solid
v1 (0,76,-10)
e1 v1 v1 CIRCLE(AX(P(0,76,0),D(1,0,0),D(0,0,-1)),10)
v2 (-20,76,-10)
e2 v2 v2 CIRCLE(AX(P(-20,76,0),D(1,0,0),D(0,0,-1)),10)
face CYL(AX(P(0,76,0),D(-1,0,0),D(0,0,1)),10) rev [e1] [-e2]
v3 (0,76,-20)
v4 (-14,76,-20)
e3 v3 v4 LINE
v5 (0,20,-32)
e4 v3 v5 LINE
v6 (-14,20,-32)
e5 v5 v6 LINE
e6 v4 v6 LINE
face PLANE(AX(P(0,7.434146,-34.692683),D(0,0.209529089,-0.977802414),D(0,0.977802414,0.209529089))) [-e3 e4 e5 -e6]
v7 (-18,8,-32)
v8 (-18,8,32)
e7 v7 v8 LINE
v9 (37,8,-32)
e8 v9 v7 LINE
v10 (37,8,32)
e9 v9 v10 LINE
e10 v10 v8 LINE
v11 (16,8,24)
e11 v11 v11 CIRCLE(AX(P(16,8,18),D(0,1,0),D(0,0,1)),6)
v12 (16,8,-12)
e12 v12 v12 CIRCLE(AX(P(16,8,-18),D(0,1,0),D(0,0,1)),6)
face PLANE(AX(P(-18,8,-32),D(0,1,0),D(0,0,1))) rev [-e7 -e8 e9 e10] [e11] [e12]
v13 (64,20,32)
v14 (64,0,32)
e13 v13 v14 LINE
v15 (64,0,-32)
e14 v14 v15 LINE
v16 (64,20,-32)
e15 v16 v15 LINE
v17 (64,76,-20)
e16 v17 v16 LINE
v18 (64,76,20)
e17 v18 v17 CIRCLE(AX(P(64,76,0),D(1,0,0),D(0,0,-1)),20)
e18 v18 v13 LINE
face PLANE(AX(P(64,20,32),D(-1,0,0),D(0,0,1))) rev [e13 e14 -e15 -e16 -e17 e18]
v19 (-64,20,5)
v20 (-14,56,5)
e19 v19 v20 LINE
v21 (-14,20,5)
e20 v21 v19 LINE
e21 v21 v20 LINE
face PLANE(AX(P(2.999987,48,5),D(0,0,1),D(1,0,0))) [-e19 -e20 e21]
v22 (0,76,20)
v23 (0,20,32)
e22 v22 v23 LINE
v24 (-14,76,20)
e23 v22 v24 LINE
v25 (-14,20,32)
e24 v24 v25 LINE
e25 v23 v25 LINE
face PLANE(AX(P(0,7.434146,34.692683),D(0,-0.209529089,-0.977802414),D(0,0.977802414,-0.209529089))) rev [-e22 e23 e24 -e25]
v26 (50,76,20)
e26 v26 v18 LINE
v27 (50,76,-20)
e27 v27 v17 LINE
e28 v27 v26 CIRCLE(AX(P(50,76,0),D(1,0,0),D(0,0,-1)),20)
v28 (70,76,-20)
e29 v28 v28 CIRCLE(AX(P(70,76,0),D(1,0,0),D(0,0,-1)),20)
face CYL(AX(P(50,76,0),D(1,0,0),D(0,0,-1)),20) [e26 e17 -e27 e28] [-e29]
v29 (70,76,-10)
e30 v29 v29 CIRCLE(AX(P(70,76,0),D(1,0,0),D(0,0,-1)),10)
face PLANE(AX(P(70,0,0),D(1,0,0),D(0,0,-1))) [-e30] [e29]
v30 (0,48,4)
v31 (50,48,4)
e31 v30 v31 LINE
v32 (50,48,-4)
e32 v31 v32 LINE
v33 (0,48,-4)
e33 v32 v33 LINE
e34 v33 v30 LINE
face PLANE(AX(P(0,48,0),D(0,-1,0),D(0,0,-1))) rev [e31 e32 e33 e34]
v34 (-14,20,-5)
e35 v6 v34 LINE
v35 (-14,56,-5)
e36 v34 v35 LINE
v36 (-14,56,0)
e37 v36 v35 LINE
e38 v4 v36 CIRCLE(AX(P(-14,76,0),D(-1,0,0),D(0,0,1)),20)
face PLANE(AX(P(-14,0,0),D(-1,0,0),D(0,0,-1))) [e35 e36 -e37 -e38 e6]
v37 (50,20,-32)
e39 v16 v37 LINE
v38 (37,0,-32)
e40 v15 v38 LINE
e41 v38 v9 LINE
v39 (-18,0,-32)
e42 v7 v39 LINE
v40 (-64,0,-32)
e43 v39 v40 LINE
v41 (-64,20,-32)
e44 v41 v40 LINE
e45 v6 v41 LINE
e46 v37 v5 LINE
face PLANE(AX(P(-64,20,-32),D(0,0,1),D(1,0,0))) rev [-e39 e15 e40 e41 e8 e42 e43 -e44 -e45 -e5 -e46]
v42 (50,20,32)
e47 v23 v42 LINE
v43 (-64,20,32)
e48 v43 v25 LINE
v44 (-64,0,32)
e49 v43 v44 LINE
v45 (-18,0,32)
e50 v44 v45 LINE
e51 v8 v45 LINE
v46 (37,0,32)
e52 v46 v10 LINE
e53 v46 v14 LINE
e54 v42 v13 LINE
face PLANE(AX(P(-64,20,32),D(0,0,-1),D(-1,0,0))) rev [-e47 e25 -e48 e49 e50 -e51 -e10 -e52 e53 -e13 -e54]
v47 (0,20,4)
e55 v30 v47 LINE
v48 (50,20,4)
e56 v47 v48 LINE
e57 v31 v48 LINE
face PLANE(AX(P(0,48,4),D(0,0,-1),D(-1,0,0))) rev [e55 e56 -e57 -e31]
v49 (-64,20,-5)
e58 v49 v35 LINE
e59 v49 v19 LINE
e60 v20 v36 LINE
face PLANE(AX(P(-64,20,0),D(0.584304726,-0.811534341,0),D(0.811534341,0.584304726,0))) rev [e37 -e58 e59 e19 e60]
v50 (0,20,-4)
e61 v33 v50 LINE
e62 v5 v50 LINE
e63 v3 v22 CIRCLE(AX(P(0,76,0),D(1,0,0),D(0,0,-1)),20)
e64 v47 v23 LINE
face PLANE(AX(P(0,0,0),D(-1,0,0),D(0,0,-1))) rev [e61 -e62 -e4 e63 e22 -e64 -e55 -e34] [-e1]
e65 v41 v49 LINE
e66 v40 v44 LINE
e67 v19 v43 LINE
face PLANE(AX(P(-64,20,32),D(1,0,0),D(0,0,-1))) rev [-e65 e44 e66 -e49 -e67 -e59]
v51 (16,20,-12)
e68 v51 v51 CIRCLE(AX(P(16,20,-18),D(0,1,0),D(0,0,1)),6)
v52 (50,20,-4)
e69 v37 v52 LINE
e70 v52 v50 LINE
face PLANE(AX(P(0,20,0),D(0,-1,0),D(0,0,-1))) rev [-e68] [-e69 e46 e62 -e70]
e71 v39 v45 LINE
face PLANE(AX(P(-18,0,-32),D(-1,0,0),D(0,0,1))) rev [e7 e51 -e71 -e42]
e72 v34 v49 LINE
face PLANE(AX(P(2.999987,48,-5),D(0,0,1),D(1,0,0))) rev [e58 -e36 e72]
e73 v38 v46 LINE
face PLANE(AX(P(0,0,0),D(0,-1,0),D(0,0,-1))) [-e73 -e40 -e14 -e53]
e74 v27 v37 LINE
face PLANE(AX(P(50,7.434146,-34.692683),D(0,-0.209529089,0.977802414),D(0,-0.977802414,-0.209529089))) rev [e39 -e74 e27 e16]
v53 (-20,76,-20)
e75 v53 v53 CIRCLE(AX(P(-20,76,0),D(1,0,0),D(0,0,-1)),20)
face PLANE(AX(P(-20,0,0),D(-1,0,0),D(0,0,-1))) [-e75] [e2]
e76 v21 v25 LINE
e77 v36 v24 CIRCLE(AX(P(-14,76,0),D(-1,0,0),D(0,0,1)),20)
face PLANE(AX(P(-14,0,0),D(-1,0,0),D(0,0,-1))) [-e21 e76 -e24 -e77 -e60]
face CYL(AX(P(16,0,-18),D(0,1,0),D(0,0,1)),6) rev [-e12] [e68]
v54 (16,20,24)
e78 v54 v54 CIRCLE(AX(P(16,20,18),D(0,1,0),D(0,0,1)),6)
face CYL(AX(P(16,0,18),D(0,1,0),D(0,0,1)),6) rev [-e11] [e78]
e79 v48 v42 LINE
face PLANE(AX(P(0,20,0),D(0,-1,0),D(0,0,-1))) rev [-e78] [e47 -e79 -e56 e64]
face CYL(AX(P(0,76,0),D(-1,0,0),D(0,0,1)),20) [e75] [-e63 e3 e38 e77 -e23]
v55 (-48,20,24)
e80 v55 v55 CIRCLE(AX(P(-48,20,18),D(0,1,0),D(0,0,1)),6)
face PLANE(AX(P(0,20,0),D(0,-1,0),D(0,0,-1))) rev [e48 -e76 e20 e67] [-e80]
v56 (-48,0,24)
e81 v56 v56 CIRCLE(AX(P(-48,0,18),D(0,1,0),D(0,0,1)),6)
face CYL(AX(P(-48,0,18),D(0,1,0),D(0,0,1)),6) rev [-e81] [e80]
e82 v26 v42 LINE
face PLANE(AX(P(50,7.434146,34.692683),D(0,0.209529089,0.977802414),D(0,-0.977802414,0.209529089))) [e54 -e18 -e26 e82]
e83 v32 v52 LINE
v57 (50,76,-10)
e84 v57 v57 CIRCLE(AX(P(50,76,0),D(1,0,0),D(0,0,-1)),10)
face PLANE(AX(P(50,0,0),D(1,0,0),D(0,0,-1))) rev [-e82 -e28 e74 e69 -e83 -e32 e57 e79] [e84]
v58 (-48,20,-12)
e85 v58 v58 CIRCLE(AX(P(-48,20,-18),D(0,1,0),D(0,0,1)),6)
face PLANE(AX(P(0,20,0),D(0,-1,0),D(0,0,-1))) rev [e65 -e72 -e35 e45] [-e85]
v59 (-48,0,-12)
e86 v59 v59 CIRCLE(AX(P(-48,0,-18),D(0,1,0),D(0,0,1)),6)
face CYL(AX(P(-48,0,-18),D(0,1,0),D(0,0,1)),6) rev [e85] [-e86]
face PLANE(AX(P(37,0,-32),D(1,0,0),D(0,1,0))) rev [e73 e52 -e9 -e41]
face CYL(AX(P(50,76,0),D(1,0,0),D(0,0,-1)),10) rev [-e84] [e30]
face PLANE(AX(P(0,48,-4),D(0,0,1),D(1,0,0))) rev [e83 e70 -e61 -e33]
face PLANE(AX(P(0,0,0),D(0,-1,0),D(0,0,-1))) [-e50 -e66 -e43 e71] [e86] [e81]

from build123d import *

# Parameters (mm, degrees)
SKETCH1_W           = 128
SKETCH1_H           = 64
BOSS_EXTRUDE1_DEPTH = 20
SKETCH2_W           = 55
SKETCH2_H           = 8
CUT_EXTRUDE1_DEPTH  = 93.69304181
SKETCH4_R           = 10
BOSS_EXTRUDE3_DEPTH = 14
BOSS_EXTRUDE4_START = 6
SKETCH4_3_R         = 10
BOSS_EXTRUDE4_DEPTH = 6
SKETCH18_W          = 50
SKETCH18_H          = 8
BOSS_EXTRUDE6_DEPTH = 28
RIB1_REACH          = 125.045
SKETCH19_WALL_W     = 309.701101848
SKETCH19_WALL_H     = 10
SKETCH20_R          = 6
CUT_EXTRUDE2_DEPTH  = 109.166538264
SKETCH21_R          = 6
CUT_EXTRUDE3_DEPTH  = 109.166538264
SKETCH22_R          = 6
CUT_EXTRUDE4_DEPTH  = 109.166538264


with BuildPart() as part:
    # Sketch1 → Boss-Extrude1 (new body)
    with BuildSketch(Plane(origin=(0, 0, 0), x_dir=(1, 0, 0), z_dir=(0, 1, 0))):
        Rectangle(SKETCH1_W, SKETCH1_H)
    extrude(amount=BOSS_EXTRUDE1_DEPTH)

    # Sketch2 → Cut-Extrude1 (cut, through all)
    with BuildSketch(Plane.XY.offset(32)):
        with Locations((9.5, 4)):
            Rectangle(SKETCH2_W, SKETCH2_H)
    extrude(amount=-CUT_EXTRUDE1_DEPTH, mode=Mode.SUBTRACT)

    # Sketch4 → Boss-Extrude3 (add)
    with BuildSketch(Plane(origin=(64, 0, 0), x_dir=(0, 0, -1), z_dir=(1, 0, 0))):
        with BuildLine():
            Line((32, 20), (20, 76))
            ThreePointArc((20, 76), (0, 96), (-20, 76))
            Line((-20, 76), (-32, 20))
            Line((-32, 20), (32, 20))
        make_face()
        with Locations((0, 76)):
            Circle(SKETCH4_R, mode=Mode.SUBTRACT)
    boss_extrude3 = extrude(amount=-BOSS_EXTRUDE3_DEPTH)

    # Sketch4<3> → Boss-Extrude4 (add)
    with BuildSketch(Plane(origin=(64, 0, 0), x_dir=(0, 0, -1), z_dir=(1, 0, 0)).offset(BOSS_EXTRUDE4_START)):
        with BuildLine():
            ThreePointArc((-20, 76), (0, 56), (20, 76))
            ThreePointArc((20, 76), (0, 96), (-20, 76))
        make_face()
        with Locations((0, 76)):
            Circle(SKETCH4_3_R, mode=Mode.SUBTRACT)
    boss_extrude4 = extrude(amount=-BOSS_EXTRUDE4_DEPTH)

    # Mirror2: Boss-Extrude3, Boss-Extrude4 across plane
    add(boss_extrude3.mirror(Plane.ZY.offset(-25)))
    add(boss_extrude4.mirror(Plane.ZY.offset(-25)))

    # Sketch18 → Boss-Extrude6 (add)
    with BuildSketch(Plane(origin=(0, 20, 0), x_dir=(1, 0, 0), z_dir=(0, 1, 0))):
        with Locations((25, 0)):
            Rectangle(SKETCH18_W, SKETCH18_H)
    extrude(amount=BOSS_EXTRUDE6_DEPTH)

    # Sketch19 wall → Rib1 (add, up to next)
    with BuildSketch(Plane(origin=(-39, 38, 0), x_dir=(0.811534341451, 0.584304725845, 0), z_dir=(-0.584304725845, 0.811534341451, 0)), mode=Mode.PRIVATE) as rib1_sk1:
        Rectangle(SKETCH19_WALL_W, SKETCH19_WALL_H)
    rib1_tool1 = extrude(rib1_sk1.sketch, amount=-RIB1_REACH, mode=Mode.PRIVATE) - part.part
    add(rib1_tool1.solids().sort_by_distance((-39, 38, 0))[0])

    # Sketch20 → Cut-Extrude2 (cut, through all)
    with BuildSketch(Plane(origin=(0, 20, 0), x_dir=(1, 0, 0), z_dir=(0, 1, 0))):
        with Locations((16, -18)):
            Circle(SKETCH20_R)
    extrude(amount=-CUT_EXTRUDE2_DEPTH, mode=Mode.SUBTRACT)

    # Sketch21 → Cut-Extrude3 (cut, through all)
    with BuildSketch(Plane(origin=(0, 20, 0), x_dir=(1, 0, 0), z_dir=(0, 1, 0))):
        with Locations((16, 18)):
            Circle(SKETCH21_R)
    extrude(amount=-CUT_EXTRUDE3_DEPTH, mode=Mode.SUBTRACT)

    # Sketch22 → Cut-Extrude4 (cut, through all)
    with BuildSketch(Plane(origin=(0, 20, 0), x_dir=(1, 0, 0), z_dir=(0, 1, 0))):
        with Locations((-48, -18)):
            Circle(SKETCH22_R)
        with Locations((-48, 18)):
            Circle(SKETCH22_R)
    extrude(amount=-CUT_EXTRUDE4_DEPTH, mode=Mode.SUBTRACT)


solid = part.part
